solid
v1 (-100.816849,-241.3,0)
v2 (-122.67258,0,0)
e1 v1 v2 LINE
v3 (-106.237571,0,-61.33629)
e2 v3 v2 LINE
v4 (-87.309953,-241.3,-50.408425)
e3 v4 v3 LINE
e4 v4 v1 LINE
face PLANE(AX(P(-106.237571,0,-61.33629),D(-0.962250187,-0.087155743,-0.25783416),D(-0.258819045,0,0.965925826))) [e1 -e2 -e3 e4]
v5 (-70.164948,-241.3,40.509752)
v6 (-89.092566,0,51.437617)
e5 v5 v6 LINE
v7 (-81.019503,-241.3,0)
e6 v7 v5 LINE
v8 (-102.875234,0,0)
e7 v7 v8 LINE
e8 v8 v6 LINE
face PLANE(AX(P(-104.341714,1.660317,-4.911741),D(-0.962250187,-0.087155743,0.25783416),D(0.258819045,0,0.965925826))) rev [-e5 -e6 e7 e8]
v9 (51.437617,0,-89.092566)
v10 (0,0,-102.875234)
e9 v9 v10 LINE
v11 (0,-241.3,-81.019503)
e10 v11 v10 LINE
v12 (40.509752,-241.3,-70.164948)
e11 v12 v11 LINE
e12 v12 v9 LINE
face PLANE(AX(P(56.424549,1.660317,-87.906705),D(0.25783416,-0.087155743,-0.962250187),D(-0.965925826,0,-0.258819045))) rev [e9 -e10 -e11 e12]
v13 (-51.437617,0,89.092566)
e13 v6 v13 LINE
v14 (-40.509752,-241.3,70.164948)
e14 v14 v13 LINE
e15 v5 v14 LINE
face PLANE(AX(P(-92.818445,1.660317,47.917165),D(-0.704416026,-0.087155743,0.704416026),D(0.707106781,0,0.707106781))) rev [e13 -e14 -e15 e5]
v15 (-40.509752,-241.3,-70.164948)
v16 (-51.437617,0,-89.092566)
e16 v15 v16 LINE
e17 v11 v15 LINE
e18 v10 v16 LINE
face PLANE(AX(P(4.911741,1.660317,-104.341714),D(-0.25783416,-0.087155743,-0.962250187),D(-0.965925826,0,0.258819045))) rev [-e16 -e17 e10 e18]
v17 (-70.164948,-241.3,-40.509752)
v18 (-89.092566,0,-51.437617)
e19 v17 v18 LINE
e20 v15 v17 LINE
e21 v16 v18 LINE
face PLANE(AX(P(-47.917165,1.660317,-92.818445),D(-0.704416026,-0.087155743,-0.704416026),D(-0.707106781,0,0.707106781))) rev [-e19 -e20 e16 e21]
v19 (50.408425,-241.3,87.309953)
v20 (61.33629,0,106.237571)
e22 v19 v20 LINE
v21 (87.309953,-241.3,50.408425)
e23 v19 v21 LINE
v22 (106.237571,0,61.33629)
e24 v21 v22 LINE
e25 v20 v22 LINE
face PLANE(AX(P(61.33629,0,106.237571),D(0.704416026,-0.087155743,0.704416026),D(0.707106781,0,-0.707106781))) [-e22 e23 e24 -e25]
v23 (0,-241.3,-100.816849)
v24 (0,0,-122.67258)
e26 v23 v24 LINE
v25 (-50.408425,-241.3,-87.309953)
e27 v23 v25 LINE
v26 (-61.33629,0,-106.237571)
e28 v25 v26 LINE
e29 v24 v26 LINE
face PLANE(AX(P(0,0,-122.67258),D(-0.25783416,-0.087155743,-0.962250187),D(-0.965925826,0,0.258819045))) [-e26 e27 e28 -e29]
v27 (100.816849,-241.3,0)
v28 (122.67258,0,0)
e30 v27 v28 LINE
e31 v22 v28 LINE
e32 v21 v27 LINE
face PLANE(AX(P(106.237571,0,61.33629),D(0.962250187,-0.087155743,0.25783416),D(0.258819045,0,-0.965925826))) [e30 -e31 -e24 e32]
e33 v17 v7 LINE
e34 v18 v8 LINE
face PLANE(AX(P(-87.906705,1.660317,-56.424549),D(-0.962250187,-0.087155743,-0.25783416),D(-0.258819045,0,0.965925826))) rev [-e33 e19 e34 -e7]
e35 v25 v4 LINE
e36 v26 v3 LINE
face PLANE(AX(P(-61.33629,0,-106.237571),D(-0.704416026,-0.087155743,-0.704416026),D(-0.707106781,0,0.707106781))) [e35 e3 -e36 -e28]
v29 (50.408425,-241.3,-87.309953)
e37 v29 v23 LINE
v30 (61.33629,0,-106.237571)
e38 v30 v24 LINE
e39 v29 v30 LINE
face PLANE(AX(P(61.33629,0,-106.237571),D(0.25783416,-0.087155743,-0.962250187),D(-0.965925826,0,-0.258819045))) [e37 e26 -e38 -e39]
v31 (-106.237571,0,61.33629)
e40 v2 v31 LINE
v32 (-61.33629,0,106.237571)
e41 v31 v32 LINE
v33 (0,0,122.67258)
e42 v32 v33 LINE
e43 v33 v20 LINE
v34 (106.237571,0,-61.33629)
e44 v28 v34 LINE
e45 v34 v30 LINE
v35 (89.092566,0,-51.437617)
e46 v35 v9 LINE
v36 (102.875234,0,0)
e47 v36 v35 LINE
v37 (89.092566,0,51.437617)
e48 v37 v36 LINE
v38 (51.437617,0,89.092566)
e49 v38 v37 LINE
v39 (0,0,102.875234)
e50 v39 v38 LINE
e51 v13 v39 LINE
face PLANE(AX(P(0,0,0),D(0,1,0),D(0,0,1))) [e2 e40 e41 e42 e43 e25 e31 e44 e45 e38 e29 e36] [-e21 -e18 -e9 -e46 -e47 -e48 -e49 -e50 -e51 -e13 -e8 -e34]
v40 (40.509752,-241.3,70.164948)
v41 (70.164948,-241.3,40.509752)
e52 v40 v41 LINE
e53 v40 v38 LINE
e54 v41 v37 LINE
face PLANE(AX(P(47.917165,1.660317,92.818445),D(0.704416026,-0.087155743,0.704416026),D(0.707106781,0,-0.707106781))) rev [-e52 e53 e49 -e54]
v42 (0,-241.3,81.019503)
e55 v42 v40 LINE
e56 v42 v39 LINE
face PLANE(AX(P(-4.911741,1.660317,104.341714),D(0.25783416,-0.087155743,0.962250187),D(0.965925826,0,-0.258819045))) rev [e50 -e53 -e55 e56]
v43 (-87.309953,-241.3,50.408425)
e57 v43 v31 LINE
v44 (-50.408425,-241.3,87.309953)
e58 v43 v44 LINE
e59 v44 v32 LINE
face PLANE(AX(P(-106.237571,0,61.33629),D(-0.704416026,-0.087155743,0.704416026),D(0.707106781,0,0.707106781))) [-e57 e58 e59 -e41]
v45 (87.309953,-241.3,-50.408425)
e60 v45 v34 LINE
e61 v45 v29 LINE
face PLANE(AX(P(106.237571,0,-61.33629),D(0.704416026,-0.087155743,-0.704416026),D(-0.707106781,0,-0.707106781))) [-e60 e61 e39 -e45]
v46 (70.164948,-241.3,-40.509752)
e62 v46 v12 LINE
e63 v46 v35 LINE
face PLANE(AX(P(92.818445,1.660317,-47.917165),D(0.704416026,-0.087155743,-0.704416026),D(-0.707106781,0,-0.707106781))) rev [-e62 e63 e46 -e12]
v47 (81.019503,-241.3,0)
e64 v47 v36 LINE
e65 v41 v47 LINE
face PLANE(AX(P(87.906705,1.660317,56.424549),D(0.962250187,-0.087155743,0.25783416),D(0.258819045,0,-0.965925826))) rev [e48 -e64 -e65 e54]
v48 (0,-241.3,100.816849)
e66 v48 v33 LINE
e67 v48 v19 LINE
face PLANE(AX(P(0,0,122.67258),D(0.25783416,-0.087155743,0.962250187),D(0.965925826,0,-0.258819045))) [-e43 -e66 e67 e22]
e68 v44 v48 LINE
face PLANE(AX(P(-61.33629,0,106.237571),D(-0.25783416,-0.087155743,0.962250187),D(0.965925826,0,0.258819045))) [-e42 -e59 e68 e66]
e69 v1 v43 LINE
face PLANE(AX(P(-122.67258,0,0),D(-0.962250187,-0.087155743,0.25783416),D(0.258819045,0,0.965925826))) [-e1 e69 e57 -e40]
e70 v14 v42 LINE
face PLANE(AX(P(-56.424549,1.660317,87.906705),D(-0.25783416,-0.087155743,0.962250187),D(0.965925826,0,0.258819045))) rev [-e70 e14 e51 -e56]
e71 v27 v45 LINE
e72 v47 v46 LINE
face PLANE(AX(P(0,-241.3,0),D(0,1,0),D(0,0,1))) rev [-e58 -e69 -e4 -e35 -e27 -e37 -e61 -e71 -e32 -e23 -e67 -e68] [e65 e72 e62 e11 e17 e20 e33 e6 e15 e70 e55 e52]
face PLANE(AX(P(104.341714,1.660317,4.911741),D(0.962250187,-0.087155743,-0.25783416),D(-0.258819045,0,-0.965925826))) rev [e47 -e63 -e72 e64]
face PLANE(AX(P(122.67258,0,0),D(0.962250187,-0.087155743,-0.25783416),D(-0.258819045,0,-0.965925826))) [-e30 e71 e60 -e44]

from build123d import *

# Parameters (mm, degrees)
BOSS_EXTRUDE1_DEPTH = 241.3
BOSS_EXTRUDE1_DRAFT = -5
SHELL1_T            = -19.05


with BuildPart() as part:
    # Sketch1 → Boss-Extrude1 (with draft: the straight prism first)
    with BuildSketch(Plane(origin=(0, 0, 0), x_dir=(1, 0, 0), z_dir=(0, 1, 0))):
        Polygon((122.672579939, 0), (106.237570575, 61.336289969), (61.336289969, 106.237570575), (0, 122.672579939), (-61.336289969, 106.237570575), (-106.237570575, 61.336289969), (-122.672579939, 0), (-106.237570575, -61.336289969), (-61.336289969, -106.237570575), (0, -122.672579939), (61.336289969, -106.237570575), (106.237570575, -61.336289969), align=None)
    extrude(amount=-BOSS_EXTRUDE1_DEPTH)
    # Boss-Extrude1: the draft: its side faces are tilted about the plane it starts from
    boss_extrude1_sides = [part.faces().sort_by_distance(p)[0] for p in [
        (114.455075257, -120.65, -30.668144985),
        (83.786930272, -120.65, -83.786930272),
        (30.668144985, -120.65, -114.455075257),
        (-30.668144985, -120.65, -114.455075257),
        (-83.786930272, -120.65, -83.786930272),
        (-114.455075257, -120.65, -30.668144985),
        (-114.455075257, -120.65, 30.668144985),
        (-83.786930272, -120.65, 83.786930272),
        (-30.668144985, -120.65, 114.455075257),
        (30.668144985, -120.65, 114.455075257),
        (83.786930272, -120.65, 83.786930272),
        (114.455075257, -120.65, 30.668144985),
    ]]
    draft(boss_extrude1_sides, Plane(origin=(0, 0, 0), x_dir=(1, 0, 0), z_dir=(0, 1, 0)), BOSS_EXTRUDE1_DRAFT)

    # Shell1
    shell1_openings = [part.faces().sort_by_distance(p)[0] for p in [
        (0, -241.3, 0),
        (0, 0, 0),
    ]]
    offset(amount=SHELL1_T, openings=shell1_openings, kind=Kind.INTERSECTION)


solid = part.part
